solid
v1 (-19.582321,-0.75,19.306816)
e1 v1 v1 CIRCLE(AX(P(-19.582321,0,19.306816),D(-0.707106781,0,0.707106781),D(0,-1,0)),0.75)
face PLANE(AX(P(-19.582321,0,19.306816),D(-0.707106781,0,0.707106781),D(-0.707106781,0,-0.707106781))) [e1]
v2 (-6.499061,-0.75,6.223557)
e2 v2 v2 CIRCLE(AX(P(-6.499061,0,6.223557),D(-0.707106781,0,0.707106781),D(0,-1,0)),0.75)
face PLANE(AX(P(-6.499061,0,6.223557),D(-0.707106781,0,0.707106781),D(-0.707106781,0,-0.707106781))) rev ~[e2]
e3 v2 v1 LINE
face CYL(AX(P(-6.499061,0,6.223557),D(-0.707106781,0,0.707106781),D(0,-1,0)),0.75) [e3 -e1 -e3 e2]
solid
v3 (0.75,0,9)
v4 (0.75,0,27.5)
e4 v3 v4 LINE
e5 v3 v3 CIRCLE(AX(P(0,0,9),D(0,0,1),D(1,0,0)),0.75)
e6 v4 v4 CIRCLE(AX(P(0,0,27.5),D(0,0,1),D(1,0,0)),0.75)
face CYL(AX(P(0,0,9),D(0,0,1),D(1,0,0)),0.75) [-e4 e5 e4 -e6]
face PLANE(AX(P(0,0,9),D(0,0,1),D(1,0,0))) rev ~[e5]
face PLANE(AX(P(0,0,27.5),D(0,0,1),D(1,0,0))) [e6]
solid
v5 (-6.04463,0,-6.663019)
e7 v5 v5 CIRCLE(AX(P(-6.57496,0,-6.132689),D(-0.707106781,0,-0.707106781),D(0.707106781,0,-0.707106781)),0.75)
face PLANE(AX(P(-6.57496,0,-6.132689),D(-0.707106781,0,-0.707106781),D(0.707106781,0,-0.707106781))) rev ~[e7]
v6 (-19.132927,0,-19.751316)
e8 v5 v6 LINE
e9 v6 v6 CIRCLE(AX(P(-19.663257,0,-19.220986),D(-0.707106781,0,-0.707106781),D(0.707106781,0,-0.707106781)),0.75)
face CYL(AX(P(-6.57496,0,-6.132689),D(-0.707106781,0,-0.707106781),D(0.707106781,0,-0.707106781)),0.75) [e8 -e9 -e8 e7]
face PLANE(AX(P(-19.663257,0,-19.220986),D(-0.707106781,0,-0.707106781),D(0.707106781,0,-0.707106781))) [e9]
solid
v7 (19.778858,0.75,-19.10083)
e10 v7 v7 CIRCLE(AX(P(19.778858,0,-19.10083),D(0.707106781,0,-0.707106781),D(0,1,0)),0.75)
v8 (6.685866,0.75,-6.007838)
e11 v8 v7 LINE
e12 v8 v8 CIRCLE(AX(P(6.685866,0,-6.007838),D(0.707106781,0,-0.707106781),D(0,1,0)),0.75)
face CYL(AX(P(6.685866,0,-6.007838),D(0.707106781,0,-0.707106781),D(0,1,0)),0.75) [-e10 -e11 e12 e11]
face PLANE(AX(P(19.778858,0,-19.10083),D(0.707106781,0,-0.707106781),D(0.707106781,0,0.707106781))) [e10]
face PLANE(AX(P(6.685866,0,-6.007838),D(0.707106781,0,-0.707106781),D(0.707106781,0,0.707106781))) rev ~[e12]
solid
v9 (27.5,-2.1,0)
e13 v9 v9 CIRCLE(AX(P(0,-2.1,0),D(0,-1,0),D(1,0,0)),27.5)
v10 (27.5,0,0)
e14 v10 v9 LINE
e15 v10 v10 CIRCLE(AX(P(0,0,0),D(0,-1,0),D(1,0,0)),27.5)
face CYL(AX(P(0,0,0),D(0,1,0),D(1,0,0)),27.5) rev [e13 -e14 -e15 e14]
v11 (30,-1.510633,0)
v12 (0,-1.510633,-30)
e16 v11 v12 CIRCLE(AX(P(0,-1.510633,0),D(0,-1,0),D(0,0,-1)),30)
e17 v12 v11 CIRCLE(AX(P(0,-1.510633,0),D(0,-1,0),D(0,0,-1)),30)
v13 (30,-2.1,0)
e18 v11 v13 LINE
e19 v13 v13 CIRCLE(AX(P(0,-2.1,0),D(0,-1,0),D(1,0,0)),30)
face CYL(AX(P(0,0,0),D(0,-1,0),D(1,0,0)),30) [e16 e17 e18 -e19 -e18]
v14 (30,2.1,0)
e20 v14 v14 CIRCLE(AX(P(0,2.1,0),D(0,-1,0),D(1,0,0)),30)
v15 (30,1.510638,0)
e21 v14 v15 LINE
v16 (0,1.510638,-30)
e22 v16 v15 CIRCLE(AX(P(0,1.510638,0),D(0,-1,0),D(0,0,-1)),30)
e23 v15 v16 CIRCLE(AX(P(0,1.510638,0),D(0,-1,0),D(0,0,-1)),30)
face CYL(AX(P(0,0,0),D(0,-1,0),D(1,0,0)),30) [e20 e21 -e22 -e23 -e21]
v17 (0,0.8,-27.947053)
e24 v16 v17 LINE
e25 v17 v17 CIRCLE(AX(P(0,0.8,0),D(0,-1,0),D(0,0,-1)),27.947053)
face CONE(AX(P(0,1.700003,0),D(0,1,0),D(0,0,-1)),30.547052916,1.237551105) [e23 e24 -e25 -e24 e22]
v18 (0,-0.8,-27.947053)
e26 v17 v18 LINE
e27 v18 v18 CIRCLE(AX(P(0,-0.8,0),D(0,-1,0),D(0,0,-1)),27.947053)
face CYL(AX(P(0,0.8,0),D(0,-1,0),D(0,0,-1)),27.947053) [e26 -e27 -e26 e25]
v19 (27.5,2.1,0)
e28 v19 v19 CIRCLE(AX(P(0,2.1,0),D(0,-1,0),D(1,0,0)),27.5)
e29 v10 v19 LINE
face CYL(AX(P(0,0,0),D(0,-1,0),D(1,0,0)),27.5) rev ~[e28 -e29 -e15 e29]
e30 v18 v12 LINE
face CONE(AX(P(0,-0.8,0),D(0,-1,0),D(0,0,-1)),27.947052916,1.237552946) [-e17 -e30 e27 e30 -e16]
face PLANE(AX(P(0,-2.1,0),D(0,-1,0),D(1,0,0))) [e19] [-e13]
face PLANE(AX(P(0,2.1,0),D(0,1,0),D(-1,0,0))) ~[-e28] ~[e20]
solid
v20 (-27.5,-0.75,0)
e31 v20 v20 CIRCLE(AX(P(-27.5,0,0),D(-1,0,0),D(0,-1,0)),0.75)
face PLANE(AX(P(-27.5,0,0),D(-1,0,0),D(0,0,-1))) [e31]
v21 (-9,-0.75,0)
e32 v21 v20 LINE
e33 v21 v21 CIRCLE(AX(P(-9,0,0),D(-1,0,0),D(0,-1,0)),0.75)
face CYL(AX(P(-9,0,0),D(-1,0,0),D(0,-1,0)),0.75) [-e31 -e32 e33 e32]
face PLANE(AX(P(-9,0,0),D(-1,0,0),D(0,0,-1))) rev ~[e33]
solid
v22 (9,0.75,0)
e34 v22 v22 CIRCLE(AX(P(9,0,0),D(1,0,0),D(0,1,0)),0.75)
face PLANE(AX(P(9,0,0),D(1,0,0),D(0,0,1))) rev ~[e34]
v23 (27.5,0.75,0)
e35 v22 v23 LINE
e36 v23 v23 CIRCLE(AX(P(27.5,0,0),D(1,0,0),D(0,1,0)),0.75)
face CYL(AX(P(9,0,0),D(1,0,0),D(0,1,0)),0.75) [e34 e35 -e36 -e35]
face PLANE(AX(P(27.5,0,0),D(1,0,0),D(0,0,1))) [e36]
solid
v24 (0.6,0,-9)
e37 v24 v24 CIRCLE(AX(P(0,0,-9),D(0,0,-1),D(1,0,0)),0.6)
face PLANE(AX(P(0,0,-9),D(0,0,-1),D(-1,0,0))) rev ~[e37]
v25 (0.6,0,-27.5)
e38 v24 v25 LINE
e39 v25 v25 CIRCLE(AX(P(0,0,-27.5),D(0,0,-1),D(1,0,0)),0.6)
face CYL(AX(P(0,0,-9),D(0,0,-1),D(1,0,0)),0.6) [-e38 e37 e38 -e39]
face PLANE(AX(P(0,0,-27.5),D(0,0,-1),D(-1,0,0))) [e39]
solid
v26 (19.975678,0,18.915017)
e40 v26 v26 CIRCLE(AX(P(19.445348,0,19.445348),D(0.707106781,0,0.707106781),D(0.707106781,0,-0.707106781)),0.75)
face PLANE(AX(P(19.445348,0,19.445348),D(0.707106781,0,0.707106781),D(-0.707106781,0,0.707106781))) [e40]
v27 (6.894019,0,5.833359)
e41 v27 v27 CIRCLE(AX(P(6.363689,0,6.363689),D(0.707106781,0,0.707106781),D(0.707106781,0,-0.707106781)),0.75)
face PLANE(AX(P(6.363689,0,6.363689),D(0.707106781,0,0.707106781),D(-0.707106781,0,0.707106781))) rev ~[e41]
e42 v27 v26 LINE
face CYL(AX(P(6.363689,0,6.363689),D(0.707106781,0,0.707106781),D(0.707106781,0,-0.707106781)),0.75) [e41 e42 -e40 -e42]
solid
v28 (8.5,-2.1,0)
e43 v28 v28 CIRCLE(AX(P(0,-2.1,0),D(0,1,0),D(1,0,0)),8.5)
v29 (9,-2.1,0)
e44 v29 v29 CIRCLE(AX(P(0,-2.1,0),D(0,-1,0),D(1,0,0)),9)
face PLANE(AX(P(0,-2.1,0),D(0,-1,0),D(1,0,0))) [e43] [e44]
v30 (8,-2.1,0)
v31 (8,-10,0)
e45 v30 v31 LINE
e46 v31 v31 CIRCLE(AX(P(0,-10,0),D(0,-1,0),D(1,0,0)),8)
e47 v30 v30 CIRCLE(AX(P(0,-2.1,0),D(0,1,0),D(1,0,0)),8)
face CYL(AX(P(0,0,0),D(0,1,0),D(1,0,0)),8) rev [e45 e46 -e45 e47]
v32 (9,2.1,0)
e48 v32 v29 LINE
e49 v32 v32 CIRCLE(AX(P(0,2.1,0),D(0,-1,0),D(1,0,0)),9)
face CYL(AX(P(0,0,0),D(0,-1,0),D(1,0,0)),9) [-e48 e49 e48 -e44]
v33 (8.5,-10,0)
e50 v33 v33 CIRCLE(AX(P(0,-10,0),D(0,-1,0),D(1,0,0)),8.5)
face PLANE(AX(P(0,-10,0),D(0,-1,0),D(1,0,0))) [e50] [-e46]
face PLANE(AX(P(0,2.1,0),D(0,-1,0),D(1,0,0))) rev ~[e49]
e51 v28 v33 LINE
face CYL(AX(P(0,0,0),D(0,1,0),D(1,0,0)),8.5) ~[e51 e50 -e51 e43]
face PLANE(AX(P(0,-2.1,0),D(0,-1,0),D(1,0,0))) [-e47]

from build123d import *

# Parameters (mm, degrees)
F0_R     = 30
F0_R_2   = 27.5
F1_DEPTH = 2.1
F3_R     = 8.5
F3_R_2   = 8
F4_DEPTH = 10
F5_R     = 9
F6_DEPTH = 2.1
F7_R     = 9
F8_DEPTH = 2.1
F13_R    = 0.75
F28_R    = 0.75
F27_R    = 0.6
F26_R    = 0.75
F25_R    = 0.75
F24_R    = 0.75
F23_R    = 0.75
F22_R    = 0.75


with BuildPart() as f1:
    # F0 (on Front) → F1 (new body)
    with BuildSketch(Plane.XZ):
        Circle(F0_R)
        Circle(F0_R_2, mode=Mode.SUBTRACT)
    extrude(amount=F1_DEPTH)

    # F2: F1 across plane


with BuildPart() as f1_1:
    add(f1.part)
    add(f1.part.mirror(Plane.XZ))

    # F9 (on Right) → F10 (revolve, cut)
    with BuildSketch(Plane.YZ):
        Polygon((-1.6999973194, -30.5470529164), (0, -30.5470529164), (0, -27.9470529164), (-0.8, -27.9470529164), align=None)
        Polygon((0, -30.5470529164), (1.7000026806, -30.5470529164), (0.8, -27.9470529164), (0, -27.9470529164), align=None)
    revolve(axis=Axis((0, -1.5917905839, 0), (0, -1, 0)), mode=Mode.SUBTRACT)


with BuildPart() as f4:
    # F3 (on Front) → F4 (new body)
    with BuildSketch(Plane.XZ):
        Circle(F3_R)
        Circle(F3_R_2, mode=Mode.SUBTRACT)
    extrude(amount=F4_DEPTH)

    # F5 (on Front) → F6 (join)
    with BuildSketch(Plane.XZ):
        Circle(F5_R)
    extrude(amount=F6_DEPTH)

    # F7 (on Front) → F8 (join)
    with BuildSketch(Plane.XZ):
        Circle(F7_R)
    extrude(amount=-F8_DEPTH)


with BuildPart() as f14:
    # F14: sweep along a path in F11
    with BuildLine(Plane.XZ) as f14_path:
        Line((9, 0), (27.5, 0))
    # F13 (on line) → F14 (sweep)
    with BuildSketch(Plane.YZ.offset(9)):
        Circle(F13_R)
    sweep(path=f14_path.line)


with BuildPart() as f29:
    # F29: sweep along a path in F11
    with BuildLine(Plane.XZ) as f29_path:
        Line((6.8131908172, -5.8805128083), (19.9061828293, -18.9735048203))
    # F28 (on line) → F29 (sweep)
    with BuildSketch(Plane(origin=(6.3468518127, 0, -6.3468518127), x_dir=(0, 1, 0), z_dir=(0.7071067812, 0, -0.7071067812))):
        with Locations((0, 0.4794385867)):
            Circle(F28_R)
    sweep(path=f29_path.line)


with BuildPart() as f30:
    # F30: sweep along a path in F11
    with BuildLine(Plane.XZ) as f30_path:
        Line((0, -9), (0, -27.5))
    # F27 (on line) → F30 (sweep)
    with BuildSketch(Plane(origin=(0, 0, -9), x_dir=(1, 0, 0), z_dir=(0, 0, -1))):
        Circle(F27_R)
    sweep(path=f30_path.line)


with BuildPart() as f31:
    # F31: sweep along a path in F11
    with BuildLine(Plane.XZ) as f31_path:
        Line((-6.7128684512, -5.9947808264), (-19.8011652898, -19.0830776649))
    # F26 (on line) → F31 (sweep)
    with BuildSketch(Plane(origin=(-6.3538246388, 0, -6.3538246388), x_dir=(0.7071067812, 0, -0.7071067812), z_dir=(-0.7071067812, 0, -0.7071067812))):
        with Locations((-0.3127330392, 0)):
            Circle(F26_R)
    sweep(path=f31_path.line)


with BuildPart() as f32:
    # F32: sweep along a path in F11
    with BuildLine(Plane.XZ) as f32_path:
        Line((-9, 0), (-27.5, 0))
    # F25 (on line) → F32 (sweep)
    with BuildSketch(Plane(origin=(-9, 0, 0), x_dir=(0, -1, 0), z_dir=(-1, 0, 0))):
        Circle(F25_R)
    sweep(path=f32_path.line)


with BuildPart() as f33:
    # F33: sweep along a path in F11
    with BuildLine(Plane.XZ) as f33_path:
        Line((-6.5450241351, 6.1775933074), (-19.6282840295, 19.2608532017))
    # F24 (on line) → F33 (sweep)
    with BuildSketch(Plane(origin=(-6.3613087212, 0, 6.3613087212), x_dir=(0, -1, 0), z_dir=(-0.7071067812, 0, 0.7071067812))):
        with Locations((0, -0.1948109458)):
            Circle(F24_R)
    sweep(path=f33_path.line)


with BuildPart() as f34:
    # F34: sweep along a path in F11
    with BuildLine(Plane.XZ) as f34_path:
        Line((0, 9), (0, 27.5))
    # F23 (on line) → F34 (sweep)
    with BuildSketch(Plane.XY.offset(9)):
        Circle(F23_R)
    sweep(path=f34_path.line)


with BuildPart() as f35:
    # F35: sweep along a path in F11
    with BuildLine(Plane.XZ) as f35_path:
        Line((6.3048795356, 6.4224990496), (19.3865377949, 19.5041573088))
    # F22 (on line) → F35 (sweep)
    with BuildSketch(Plane(origin=(6.3636892926, 0, 6.3636892926), x_dir=(0.7071067812, 0, -0.7071067812), z_dir=(0.7071067812, 0, 0.7071067812))):
        Circle(F22_R)
    sweep(path=f35_path.line)


solid = Compound([f1_1.part, f4.part, f14.part, f29.part, f30.part, f31.part, f32.part, f33.part, f34.part, f35.part])
